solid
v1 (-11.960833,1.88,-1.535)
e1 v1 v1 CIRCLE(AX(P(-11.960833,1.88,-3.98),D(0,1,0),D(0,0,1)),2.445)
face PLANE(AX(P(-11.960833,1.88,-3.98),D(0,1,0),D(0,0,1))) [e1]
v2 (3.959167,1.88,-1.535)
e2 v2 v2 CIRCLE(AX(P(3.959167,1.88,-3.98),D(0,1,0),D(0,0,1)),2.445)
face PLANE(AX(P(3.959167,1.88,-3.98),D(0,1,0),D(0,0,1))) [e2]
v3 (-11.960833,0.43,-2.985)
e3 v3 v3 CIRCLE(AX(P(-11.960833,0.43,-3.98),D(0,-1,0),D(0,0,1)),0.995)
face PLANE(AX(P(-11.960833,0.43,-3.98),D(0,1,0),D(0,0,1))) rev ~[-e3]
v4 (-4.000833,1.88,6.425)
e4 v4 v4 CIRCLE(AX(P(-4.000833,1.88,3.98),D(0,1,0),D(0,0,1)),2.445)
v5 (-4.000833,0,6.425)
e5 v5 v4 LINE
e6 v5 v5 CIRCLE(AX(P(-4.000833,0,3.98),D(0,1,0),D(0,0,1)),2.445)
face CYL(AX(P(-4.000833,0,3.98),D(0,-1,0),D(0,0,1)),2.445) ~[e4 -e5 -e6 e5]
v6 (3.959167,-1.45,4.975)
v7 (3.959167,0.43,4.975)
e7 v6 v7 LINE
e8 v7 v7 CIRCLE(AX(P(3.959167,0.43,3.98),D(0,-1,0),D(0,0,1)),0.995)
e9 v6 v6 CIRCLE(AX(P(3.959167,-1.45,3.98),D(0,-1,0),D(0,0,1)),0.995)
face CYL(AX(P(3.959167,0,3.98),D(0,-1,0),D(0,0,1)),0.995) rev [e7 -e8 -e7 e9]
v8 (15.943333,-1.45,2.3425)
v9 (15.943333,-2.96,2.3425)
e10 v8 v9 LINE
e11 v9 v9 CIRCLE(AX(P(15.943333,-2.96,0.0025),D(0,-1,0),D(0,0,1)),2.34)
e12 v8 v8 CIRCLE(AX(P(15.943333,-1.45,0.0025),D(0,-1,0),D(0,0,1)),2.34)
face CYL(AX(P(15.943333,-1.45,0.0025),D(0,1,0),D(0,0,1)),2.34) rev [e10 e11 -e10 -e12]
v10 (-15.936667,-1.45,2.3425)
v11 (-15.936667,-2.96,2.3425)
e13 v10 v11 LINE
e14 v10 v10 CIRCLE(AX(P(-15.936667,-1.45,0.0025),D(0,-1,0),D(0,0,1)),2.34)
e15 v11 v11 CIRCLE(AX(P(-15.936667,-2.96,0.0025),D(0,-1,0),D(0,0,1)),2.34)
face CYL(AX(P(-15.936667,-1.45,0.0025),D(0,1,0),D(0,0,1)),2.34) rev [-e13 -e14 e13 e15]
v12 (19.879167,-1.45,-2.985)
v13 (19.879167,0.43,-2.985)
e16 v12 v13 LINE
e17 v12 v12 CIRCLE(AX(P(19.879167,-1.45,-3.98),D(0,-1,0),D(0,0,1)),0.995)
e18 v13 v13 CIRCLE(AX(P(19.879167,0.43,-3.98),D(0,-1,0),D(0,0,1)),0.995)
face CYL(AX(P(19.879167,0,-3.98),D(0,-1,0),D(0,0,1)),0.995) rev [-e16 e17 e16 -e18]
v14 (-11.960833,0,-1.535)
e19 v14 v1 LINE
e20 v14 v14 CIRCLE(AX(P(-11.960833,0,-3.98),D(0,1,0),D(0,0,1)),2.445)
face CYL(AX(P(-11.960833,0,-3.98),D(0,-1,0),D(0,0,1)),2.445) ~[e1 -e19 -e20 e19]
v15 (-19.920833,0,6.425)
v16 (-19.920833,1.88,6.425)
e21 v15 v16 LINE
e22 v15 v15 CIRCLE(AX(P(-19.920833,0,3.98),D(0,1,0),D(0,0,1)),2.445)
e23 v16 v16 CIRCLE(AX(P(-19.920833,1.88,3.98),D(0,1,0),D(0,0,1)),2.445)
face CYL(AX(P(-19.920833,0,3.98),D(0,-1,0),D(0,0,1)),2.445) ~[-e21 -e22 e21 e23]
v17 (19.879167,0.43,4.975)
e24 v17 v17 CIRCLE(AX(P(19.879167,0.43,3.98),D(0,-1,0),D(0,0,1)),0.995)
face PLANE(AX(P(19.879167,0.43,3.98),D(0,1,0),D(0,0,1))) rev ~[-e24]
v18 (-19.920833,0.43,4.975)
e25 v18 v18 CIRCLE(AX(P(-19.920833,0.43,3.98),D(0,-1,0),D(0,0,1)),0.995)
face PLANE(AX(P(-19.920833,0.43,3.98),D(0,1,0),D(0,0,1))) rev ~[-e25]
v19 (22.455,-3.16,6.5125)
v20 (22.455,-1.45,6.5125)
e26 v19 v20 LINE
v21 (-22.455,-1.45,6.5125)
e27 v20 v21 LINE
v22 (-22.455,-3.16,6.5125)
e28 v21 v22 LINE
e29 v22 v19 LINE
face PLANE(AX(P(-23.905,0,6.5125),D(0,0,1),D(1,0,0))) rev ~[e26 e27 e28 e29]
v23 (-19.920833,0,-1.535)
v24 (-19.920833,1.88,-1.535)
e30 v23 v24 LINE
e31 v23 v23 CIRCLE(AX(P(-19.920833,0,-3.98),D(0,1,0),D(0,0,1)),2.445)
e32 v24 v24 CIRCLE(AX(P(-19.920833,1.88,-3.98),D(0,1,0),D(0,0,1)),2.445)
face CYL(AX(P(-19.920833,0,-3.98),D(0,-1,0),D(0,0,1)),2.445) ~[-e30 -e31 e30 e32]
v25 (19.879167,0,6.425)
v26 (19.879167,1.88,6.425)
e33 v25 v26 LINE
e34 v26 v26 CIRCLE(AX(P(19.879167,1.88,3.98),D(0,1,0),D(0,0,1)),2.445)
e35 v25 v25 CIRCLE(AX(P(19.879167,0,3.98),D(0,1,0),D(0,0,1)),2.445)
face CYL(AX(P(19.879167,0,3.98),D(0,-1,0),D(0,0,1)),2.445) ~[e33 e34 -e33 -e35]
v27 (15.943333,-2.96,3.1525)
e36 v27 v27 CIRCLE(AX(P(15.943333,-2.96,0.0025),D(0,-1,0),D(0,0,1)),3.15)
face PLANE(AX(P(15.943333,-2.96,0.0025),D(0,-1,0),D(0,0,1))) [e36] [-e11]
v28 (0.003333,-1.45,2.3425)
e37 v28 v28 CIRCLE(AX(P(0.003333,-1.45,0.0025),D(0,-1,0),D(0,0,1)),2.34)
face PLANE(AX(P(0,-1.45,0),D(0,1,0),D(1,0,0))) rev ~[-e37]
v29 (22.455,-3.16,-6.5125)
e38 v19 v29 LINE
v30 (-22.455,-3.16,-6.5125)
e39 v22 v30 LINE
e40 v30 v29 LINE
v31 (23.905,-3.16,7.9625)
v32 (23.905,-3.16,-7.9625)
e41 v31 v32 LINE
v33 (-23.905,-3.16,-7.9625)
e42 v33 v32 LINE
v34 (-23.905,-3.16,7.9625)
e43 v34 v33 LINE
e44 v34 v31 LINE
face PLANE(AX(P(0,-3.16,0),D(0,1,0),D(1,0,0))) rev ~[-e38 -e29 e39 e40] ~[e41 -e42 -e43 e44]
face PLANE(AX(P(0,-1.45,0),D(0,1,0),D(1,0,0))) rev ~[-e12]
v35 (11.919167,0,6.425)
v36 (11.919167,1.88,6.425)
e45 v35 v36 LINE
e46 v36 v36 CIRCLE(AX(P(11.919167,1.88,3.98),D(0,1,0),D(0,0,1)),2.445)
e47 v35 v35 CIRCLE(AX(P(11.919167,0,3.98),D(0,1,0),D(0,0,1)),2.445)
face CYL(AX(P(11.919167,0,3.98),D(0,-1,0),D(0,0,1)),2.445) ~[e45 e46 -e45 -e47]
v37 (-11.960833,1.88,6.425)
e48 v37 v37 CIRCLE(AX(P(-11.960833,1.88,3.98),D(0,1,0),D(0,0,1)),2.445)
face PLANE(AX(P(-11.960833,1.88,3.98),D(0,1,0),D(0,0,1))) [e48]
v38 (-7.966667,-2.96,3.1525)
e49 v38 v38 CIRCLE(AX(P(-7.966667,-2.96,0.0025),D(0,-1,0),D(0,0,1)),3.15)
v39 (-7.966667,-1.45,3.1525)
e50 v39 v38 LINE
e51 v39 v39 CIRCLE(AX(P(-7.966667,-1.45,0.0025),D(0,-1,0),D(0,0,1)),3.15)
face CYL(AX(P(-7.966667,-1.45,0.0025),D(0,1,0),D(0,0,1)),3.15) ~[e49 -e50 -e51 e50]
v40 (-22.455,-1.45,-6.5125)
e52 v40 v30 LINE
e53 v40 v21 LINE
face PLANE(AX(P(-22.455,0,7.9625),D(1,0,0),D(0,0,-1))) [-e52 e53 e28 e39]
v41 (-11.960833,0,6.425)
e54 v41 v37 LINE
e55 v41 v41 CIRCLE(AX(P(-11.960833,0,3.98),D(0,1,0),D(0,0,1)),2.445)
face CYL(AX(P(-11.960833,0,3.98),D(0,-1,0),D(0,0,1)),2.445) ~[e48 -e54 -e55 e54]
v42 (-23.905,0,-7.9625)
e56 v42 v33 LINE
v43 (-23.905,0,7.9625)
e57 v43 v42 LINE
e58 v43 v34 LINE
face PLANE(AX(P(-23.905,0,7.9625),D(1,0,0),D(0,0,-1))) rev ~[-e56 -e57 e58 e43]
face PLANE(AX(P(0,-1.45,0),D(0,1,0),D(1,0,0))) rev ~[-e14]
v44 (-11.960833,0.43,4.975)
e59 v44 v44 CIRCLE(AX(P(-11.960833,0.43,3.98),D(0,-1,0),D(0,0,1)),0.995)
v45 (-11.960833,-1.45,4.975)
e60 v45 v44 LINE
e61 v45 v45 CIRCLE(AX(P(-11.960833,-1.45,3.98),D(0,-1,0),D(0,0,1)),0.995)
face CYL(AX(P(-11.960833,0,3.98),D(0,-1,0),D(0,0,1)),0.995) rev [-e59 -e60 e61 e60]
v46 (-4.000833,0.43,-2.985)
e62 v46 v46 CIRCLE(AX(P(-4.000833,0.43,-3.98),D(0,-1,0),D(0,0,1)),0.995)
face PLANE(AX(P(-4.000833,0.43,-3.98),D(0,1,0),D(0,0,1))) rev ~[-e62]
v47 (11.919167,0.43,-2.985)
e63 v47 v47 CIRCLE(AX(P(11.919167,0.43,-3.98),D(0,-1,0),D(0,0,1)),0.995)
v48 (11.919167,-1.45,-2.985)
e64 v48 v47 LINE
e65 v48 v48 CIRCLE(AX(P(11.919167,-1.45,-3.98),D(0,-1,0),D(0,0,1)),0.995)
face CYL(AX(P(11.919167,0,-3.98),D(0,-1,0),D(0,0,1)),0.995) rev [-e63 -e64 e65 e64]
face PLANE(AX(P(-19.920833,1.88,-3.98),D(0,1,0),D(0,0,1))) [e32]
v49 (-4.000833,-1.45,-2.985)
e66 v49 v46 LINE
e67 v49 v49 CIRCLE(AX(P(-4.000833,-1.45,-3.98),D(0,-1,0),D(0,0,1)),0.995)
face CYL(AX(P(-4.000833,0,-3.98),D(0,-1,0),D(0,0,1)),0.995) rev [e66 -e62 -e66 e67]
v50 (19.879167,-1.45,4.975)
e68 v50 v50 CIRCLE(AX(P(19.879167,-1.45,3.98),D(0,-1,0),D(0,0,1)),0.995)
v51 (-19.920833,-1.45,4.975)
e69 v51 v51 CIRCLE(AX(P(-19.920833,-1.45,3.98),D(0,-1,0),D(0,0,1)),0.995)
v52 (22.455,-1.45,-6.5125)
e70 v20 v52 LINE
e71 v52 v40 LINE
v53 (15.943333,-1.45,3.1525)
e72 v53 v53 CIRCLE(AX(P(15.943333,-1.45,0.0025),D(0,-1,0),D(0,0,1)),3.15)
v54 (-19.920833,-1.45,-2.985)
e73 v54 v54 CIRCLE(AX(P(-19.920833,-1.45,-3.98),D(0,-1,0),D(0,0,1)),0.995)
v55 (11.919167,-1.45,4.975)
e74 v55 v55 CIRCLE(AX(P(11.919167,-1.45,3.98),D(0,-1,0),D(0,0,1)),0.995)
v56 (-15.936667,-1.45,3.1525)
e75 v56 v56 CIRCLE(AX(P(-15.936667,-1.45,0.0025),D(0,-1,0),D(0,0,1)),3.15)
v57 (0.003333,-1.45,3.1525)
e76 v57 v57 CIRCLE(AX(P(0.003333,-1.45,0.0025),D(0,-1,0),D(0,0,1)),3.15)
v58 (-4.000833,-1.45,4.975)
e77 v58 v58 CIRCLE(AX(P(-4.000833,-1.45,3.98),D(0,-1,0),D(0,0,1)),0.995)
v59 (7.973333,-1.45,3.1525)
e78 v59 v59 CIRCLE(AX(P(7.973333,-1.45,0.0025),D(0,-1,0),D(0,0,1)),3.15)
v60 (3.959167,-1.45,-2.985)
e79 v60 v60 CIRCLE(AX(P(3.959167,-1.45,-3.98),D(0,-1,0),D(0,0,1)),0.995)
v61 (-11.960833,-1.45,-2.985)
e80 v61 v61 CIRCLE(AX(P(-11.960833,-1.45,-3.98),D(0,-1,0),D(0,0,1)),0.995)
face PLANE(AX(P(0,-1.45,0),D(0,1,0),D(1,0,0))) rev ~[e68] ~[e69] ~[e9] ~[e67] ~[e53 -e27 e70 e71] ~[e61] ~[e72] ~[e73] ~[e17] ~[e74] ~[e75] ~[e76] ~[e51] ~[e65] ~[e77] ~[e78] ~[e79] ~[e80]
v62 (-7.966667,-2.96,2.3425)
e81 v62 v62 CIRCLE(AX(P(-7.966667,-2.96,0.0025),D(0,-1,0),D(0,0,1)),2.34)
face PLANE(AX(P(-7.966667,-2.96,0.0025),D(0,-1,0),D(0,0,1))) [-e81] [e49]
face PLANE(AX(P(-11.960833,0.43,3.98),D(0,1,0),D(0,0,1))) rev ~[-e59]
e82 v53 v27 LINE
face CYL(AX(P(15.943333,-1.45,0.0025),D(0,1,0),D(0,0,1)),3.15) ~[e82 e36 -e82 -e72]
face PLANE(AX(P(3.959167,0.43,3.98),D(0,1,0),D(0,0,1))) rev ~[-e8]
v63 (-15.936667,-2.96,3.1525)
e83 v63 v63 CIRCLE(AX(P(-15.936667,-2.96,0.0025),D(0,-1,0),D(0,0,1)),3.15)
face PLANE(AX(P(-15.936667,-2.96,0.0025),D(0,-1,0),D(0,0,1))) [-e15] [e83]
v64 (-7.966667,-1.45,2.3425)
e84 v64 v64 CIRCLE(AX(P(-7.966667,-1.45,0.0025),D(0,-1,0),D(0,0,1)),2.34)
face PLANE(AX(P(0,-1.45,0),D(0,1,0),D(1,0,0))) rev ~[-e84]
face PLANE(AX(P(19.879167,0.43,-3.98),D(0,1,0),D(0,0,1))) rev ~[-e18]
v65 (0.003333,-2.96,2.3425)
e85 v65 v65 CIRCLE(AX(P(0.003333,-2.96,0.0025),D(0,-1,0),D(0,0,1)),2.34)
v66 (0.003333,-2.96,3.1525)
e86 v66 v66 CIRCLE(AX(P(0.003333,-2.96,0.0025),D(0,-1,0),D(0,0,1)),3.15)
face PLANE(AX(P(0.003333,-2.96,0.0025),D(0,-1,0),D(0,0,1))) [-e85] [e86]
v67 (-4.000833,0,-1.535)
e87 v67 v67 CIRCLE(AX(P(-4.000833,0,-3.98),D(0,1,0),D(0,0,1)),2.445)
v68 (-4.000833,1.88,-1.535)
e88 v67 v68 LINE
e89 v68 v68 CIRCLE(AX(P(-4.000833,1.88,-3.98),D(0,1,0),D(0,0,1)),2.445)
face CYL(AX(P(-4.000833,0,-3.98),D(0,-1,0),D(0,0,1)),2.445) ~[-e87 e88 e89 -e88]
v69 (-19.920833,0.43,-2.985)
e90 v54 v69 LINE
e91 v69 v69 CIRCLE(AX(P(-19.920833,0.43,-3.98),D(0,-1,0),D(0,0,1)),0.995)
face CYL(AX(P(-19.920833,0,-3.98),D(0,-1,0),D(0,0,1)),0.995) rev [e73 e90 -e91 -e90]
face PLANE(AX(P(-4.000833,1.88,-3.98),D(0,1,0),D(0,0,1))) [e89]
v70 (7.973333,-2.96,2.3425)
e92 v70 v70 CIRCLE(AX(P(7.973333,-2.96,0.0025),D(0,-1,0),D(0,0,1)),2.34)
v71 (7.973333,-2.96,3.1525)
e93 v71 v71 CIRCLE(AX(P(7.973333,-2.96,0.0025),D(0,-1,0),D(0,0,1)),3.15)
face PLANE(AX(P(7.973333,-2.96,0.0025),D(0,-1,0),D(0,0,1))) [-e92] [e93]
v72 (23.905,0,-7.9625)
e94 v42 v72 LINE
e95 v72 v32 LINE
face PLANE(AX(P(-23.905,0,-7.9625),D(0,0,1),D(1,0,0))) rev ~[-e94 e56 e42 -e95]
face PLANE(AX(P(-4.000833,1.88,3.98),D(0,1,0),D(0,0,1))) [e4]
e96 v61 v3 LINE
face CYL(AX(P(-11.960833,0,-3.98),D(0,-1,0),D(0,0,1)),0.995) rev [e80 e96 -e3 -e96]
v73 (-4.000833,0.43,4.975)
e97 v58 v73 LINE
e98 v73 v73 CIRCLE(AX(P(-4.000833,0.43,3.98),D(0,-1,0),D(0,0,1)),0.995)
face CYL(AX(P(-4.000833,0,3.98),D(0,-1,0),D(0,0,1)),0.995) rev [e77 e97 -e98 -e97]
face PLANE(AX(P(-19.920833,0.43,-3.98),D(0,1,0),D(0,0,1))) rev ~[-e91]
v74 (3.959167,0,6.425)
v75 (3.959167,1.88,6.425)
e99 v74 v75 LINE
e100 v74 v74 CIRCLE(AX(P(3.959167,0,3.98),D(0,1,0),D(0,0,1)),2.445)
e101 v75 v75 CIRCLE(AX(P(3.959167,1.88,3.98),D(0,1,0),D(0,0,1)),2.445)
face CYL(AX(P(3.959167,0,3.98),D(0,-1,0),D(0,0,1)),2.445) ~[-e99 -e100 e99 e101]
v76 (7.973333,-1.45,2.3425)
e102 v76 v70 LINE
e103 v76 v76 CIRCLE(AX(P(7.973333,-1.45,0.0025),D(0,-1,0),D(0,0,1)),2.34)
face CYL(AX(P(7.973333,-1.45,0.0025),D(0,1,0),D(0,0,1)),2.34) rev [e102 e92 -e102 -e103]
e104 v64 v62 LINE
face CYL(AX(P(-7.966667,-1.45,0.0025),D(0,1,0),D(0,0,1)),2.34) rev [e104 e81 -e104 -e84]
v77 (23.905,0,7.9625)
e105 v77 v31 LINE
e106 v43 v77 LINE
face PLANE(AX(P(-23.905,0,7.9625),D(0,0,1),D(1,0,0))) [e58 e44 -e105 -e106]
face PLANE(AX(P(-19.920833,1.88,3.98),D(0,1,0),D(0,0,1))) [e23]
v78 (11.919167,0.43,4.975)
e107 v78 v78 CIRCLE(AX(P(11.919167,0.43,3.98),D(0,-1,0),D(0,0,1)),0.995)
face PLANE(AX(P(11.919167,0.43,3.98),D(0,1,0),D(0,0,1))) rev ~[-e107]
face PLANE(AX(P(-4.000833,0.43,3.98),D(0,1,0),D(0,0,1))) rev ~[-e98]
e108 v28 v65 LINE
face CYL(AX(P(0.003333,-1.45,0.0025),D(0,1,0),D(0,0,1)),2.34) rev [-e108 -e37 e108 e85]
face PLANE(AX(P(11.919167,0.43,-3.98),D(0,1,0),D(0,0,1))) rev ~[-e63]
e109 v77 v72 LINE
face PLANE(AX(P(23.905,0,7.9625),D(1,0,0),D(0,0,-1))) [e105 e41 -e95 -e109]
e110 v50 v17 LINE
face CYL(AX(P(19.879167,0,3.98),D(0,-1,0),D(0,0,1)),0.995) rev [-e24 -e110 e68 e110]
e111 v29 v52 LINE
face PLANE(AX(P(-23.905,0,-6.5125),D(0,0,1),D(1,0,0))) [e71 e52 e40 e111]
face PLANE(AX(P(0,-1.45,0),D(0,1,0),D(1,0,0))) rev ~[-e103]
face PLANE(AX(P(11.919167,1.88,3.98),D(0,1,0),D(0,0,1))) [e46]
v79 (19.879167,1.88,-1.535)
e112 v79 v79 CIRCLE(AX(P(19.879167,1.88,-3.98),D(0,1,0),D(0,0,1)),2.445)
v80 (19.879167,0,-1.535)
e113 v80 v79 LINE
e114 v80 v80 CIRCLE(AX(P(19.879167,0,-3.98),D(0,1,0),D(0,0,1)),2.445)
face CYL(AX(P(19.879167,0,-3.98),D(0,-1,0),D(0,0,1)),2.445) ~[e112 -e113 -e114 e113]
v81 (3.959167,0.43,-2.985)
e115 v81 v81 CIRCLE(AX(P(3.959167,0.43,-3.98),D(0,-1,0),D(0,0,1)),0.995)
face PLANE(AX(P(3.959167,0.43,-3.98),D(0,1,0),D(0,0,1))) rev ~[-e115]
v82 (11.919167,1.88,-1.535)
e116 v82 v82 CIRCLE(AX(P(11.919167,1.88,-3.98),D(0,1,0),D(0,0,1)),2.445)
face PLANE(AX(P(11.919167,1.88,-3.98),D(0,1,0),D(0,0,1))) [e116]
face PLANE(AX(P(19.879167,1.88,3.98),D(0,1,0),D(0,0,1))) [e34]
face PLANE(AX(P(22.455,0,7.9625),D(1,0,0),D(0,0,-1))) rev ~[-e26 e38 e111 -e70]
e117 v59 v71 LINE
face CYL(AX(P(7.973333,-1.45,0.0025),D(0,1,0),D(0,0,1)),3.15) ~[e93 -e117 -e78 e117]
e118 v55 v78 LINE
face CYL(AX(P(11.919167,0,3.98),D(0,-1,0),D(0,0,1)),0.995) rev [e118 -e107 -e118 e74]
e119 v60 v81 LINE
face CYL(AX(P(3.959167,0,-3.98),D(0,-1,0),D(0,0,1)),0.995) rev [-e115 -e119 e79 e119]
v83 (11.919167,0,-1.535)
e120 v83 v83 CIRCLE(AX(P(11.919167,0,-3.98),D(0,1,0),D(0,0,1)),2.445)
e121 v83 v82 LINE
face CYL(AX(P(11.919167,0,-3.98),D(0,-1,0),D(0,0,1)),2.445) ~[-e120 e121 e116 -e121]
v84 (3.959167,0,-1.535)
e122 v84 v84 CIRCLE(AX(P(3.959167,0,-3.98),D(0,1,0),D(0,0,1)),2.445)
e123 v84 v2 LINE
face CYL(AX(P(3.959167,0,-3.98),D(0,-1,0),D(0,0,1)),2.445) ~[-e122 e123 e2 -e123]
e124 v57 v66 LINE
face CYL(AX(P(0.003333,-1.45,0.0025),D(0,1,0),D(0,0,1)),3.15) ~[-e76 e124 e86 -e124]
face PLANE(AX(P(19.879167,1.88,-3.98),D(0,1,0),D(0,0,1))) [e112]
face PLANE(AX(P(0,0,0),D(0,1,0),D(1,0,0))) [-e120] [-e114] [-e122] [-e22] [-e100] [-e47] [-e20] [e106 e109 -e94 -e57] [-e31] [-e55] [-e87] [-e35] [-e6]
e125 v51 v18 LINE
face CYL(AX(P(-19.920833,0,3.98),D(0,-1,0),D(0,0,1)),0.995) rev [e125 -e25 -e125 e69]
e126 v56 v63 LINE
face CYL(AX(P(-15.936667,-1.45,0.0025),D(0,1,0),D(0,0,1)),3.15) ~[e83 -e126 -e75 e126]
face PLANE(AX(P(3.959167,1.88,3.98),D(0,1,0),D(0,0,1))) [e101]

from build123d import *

# Parameters (mm, degrees)
SKETCH2_W           = 47.81
SKETCH2_H           = 15.925
BOSS_EXTRUDE1_DEPTH = 3.16
SKETCH3_R           = 2.445
BOSS_EXTRUDE2_DEPTH = 1.88
SHELL1_T            = -1.45
SKETCH4_R           = 3.15
SKETCH4_R_2         = 2.34
BOSS_EXTRUDE3_DEPTH = 1.51


with BuildPart() as part:
    # Sketch2 → Boss-Extrude1 (new body)
    with BuildSketch(Plane(origin=(0, 0, 0), x_dir=(1, 0, 0), z_dir=(0, 1, 0))):
        Rectangle(SKETCH2_W, SKETCH2_H)
    extrude(amount=-BOSS_EXTRUDE1_DEPTH)

    # Sketch3 → Boss-Extrude2 (add)
    with BuildSketch(Plane(origin=(0, 0, 0), x_dir=(1, 0, 0), z_dir=(0, 1, 0))):
        with Locations(Location((-19.920833333, 3.98, 0), (0, 0, 270))):
            Circle(SKETCH3_R)
        with Locations(Location((-11.960833333, 3.98, 0), (0, 0, 270))):
            Circle(SKETCH3_R)
        with Locations(Location((-4.000833333, 3.98, 0), (0, 0, 270))):
            Circle(SKETCH3_R)
        with Locations(Location((3.959166667, 3.98, 0), (0, 0, 270))):
            Circle(SKETCH3_R)
        with Locations(Location((11.919166667, 3.98, 0), (0, 0, 270))):
            Circle(SKETCH3_R)
        with Locations(Location((19.879166667, 3.98, 0), (0, 0, 270))):
            Circle(SKETCH3_R)
        with Locations(Location((-11.960833333, -3.98, 0), (0, 0, 270))):
            Circle(SKETCH3_R)
        with Locations(Location((-4.000833333, -3.98, 0), (0, 0, 270))):
            Circle(SKETCH3_R)
        with Locations(Location((3.959166667, -3.98, 0), (0, 0, 270))):
            Circle(SKETCH3_R)
        with Locations(Location((11.919166667, -3.98, 0), (0, 0, 270))):
            Circle(SKETCH3_R)
        with Locations(Location((19.879166667, -3.98, 0), (0, 0, 270))):
            Circle(SKETCH3_R)
        with Locations(Location((-19.920833333, -3.98, 0), (0, 0, 270))):
            Circle(SKETCH3_R)
    extrude(amount=BOSS_EXTRUDE2_DEPTH)

    # Shell1
    shell1_openings = [part.faces().sort_by_distance(p)[0] for p in [
        (0, -3.16, 0),
    ]]
    offset(amount=SHELL1_T, openings=shell1_openings, kind=Kind.INTERSECTION)

    # Sketch4 → Boss-Extrude3 (add)
    # profile 1 of 5: a face of its own
    with BuildSketch(Plane.XZ.offset(1.45)):
        with Locations(Location((-15.936666667, 0.0025, 0), (0, 0, 90))):
            Circle(SKETCH4_R)
        with Locations(Location((-15.936666667, 0.0025, 0), (0, 0, 90))):
            Circle(SKETCH4_R_2, mode=Mode.SUBTRACT)
    # profile 2 of 5: a face of its own
    with BuildSketch(Plane.XZ.offset(1.45)):
        with Locations(Location((-7.966666667, 0.0025, 0), (0, 0, 90))):
            Circle(SKETCH4_R)
        with Locations(Location((-7.966666667, 0.0025, 0), (0, 0, 90))):
            Circle(SKETCH4_R_2, mode=Mode.SUBTRACT)
    # profile 3 of 5: a face of its own
    with BuildSketch(Plane.XZ.offset(1.45)):
        with Locations(Location((0.003333333, 0.0025, 0), (0, 0, 90))):
            Circle(SKETCH4_R)
        with Locations(Location((0.003333333, 0.0025, 0), (0, 0, 90))):
            Circle(SKETCH4_R_2, mode=Mode.SUBTRACT)
    # profile 4 of 5: a face of its own
    with BuildSketch(Plane.XZ.offset(1.45)):
        with Locations(Location((7.973333333, 0.0025, 0), (0, 0, 90))):
            Circle(SKETCH4_R)
        with Locations(Location((7.973333333, 0.0025, 0), (0, 0, 90))):
            Circle(SKETCH4_R_2, mode=Mode.SUBTRACT)
    # profile 5 of 5: a face of its own
    with BuildSketch(Plane.XZ.offset(1.45)):
        with Locations(Location((15.943333333, 0.0025, 0), (0, 0, 90))):
            Circle(SKETCH4_R)
        with Locations(Location((15.943333333, 0.0025, 0), (0, 0, 90))):
            Circle(SKETCH4_R_2, mode=Mode.SUBTRACT)
    extrude(amount=BOSS_EXTRUDE3_DEPTH)


solid = part.part
